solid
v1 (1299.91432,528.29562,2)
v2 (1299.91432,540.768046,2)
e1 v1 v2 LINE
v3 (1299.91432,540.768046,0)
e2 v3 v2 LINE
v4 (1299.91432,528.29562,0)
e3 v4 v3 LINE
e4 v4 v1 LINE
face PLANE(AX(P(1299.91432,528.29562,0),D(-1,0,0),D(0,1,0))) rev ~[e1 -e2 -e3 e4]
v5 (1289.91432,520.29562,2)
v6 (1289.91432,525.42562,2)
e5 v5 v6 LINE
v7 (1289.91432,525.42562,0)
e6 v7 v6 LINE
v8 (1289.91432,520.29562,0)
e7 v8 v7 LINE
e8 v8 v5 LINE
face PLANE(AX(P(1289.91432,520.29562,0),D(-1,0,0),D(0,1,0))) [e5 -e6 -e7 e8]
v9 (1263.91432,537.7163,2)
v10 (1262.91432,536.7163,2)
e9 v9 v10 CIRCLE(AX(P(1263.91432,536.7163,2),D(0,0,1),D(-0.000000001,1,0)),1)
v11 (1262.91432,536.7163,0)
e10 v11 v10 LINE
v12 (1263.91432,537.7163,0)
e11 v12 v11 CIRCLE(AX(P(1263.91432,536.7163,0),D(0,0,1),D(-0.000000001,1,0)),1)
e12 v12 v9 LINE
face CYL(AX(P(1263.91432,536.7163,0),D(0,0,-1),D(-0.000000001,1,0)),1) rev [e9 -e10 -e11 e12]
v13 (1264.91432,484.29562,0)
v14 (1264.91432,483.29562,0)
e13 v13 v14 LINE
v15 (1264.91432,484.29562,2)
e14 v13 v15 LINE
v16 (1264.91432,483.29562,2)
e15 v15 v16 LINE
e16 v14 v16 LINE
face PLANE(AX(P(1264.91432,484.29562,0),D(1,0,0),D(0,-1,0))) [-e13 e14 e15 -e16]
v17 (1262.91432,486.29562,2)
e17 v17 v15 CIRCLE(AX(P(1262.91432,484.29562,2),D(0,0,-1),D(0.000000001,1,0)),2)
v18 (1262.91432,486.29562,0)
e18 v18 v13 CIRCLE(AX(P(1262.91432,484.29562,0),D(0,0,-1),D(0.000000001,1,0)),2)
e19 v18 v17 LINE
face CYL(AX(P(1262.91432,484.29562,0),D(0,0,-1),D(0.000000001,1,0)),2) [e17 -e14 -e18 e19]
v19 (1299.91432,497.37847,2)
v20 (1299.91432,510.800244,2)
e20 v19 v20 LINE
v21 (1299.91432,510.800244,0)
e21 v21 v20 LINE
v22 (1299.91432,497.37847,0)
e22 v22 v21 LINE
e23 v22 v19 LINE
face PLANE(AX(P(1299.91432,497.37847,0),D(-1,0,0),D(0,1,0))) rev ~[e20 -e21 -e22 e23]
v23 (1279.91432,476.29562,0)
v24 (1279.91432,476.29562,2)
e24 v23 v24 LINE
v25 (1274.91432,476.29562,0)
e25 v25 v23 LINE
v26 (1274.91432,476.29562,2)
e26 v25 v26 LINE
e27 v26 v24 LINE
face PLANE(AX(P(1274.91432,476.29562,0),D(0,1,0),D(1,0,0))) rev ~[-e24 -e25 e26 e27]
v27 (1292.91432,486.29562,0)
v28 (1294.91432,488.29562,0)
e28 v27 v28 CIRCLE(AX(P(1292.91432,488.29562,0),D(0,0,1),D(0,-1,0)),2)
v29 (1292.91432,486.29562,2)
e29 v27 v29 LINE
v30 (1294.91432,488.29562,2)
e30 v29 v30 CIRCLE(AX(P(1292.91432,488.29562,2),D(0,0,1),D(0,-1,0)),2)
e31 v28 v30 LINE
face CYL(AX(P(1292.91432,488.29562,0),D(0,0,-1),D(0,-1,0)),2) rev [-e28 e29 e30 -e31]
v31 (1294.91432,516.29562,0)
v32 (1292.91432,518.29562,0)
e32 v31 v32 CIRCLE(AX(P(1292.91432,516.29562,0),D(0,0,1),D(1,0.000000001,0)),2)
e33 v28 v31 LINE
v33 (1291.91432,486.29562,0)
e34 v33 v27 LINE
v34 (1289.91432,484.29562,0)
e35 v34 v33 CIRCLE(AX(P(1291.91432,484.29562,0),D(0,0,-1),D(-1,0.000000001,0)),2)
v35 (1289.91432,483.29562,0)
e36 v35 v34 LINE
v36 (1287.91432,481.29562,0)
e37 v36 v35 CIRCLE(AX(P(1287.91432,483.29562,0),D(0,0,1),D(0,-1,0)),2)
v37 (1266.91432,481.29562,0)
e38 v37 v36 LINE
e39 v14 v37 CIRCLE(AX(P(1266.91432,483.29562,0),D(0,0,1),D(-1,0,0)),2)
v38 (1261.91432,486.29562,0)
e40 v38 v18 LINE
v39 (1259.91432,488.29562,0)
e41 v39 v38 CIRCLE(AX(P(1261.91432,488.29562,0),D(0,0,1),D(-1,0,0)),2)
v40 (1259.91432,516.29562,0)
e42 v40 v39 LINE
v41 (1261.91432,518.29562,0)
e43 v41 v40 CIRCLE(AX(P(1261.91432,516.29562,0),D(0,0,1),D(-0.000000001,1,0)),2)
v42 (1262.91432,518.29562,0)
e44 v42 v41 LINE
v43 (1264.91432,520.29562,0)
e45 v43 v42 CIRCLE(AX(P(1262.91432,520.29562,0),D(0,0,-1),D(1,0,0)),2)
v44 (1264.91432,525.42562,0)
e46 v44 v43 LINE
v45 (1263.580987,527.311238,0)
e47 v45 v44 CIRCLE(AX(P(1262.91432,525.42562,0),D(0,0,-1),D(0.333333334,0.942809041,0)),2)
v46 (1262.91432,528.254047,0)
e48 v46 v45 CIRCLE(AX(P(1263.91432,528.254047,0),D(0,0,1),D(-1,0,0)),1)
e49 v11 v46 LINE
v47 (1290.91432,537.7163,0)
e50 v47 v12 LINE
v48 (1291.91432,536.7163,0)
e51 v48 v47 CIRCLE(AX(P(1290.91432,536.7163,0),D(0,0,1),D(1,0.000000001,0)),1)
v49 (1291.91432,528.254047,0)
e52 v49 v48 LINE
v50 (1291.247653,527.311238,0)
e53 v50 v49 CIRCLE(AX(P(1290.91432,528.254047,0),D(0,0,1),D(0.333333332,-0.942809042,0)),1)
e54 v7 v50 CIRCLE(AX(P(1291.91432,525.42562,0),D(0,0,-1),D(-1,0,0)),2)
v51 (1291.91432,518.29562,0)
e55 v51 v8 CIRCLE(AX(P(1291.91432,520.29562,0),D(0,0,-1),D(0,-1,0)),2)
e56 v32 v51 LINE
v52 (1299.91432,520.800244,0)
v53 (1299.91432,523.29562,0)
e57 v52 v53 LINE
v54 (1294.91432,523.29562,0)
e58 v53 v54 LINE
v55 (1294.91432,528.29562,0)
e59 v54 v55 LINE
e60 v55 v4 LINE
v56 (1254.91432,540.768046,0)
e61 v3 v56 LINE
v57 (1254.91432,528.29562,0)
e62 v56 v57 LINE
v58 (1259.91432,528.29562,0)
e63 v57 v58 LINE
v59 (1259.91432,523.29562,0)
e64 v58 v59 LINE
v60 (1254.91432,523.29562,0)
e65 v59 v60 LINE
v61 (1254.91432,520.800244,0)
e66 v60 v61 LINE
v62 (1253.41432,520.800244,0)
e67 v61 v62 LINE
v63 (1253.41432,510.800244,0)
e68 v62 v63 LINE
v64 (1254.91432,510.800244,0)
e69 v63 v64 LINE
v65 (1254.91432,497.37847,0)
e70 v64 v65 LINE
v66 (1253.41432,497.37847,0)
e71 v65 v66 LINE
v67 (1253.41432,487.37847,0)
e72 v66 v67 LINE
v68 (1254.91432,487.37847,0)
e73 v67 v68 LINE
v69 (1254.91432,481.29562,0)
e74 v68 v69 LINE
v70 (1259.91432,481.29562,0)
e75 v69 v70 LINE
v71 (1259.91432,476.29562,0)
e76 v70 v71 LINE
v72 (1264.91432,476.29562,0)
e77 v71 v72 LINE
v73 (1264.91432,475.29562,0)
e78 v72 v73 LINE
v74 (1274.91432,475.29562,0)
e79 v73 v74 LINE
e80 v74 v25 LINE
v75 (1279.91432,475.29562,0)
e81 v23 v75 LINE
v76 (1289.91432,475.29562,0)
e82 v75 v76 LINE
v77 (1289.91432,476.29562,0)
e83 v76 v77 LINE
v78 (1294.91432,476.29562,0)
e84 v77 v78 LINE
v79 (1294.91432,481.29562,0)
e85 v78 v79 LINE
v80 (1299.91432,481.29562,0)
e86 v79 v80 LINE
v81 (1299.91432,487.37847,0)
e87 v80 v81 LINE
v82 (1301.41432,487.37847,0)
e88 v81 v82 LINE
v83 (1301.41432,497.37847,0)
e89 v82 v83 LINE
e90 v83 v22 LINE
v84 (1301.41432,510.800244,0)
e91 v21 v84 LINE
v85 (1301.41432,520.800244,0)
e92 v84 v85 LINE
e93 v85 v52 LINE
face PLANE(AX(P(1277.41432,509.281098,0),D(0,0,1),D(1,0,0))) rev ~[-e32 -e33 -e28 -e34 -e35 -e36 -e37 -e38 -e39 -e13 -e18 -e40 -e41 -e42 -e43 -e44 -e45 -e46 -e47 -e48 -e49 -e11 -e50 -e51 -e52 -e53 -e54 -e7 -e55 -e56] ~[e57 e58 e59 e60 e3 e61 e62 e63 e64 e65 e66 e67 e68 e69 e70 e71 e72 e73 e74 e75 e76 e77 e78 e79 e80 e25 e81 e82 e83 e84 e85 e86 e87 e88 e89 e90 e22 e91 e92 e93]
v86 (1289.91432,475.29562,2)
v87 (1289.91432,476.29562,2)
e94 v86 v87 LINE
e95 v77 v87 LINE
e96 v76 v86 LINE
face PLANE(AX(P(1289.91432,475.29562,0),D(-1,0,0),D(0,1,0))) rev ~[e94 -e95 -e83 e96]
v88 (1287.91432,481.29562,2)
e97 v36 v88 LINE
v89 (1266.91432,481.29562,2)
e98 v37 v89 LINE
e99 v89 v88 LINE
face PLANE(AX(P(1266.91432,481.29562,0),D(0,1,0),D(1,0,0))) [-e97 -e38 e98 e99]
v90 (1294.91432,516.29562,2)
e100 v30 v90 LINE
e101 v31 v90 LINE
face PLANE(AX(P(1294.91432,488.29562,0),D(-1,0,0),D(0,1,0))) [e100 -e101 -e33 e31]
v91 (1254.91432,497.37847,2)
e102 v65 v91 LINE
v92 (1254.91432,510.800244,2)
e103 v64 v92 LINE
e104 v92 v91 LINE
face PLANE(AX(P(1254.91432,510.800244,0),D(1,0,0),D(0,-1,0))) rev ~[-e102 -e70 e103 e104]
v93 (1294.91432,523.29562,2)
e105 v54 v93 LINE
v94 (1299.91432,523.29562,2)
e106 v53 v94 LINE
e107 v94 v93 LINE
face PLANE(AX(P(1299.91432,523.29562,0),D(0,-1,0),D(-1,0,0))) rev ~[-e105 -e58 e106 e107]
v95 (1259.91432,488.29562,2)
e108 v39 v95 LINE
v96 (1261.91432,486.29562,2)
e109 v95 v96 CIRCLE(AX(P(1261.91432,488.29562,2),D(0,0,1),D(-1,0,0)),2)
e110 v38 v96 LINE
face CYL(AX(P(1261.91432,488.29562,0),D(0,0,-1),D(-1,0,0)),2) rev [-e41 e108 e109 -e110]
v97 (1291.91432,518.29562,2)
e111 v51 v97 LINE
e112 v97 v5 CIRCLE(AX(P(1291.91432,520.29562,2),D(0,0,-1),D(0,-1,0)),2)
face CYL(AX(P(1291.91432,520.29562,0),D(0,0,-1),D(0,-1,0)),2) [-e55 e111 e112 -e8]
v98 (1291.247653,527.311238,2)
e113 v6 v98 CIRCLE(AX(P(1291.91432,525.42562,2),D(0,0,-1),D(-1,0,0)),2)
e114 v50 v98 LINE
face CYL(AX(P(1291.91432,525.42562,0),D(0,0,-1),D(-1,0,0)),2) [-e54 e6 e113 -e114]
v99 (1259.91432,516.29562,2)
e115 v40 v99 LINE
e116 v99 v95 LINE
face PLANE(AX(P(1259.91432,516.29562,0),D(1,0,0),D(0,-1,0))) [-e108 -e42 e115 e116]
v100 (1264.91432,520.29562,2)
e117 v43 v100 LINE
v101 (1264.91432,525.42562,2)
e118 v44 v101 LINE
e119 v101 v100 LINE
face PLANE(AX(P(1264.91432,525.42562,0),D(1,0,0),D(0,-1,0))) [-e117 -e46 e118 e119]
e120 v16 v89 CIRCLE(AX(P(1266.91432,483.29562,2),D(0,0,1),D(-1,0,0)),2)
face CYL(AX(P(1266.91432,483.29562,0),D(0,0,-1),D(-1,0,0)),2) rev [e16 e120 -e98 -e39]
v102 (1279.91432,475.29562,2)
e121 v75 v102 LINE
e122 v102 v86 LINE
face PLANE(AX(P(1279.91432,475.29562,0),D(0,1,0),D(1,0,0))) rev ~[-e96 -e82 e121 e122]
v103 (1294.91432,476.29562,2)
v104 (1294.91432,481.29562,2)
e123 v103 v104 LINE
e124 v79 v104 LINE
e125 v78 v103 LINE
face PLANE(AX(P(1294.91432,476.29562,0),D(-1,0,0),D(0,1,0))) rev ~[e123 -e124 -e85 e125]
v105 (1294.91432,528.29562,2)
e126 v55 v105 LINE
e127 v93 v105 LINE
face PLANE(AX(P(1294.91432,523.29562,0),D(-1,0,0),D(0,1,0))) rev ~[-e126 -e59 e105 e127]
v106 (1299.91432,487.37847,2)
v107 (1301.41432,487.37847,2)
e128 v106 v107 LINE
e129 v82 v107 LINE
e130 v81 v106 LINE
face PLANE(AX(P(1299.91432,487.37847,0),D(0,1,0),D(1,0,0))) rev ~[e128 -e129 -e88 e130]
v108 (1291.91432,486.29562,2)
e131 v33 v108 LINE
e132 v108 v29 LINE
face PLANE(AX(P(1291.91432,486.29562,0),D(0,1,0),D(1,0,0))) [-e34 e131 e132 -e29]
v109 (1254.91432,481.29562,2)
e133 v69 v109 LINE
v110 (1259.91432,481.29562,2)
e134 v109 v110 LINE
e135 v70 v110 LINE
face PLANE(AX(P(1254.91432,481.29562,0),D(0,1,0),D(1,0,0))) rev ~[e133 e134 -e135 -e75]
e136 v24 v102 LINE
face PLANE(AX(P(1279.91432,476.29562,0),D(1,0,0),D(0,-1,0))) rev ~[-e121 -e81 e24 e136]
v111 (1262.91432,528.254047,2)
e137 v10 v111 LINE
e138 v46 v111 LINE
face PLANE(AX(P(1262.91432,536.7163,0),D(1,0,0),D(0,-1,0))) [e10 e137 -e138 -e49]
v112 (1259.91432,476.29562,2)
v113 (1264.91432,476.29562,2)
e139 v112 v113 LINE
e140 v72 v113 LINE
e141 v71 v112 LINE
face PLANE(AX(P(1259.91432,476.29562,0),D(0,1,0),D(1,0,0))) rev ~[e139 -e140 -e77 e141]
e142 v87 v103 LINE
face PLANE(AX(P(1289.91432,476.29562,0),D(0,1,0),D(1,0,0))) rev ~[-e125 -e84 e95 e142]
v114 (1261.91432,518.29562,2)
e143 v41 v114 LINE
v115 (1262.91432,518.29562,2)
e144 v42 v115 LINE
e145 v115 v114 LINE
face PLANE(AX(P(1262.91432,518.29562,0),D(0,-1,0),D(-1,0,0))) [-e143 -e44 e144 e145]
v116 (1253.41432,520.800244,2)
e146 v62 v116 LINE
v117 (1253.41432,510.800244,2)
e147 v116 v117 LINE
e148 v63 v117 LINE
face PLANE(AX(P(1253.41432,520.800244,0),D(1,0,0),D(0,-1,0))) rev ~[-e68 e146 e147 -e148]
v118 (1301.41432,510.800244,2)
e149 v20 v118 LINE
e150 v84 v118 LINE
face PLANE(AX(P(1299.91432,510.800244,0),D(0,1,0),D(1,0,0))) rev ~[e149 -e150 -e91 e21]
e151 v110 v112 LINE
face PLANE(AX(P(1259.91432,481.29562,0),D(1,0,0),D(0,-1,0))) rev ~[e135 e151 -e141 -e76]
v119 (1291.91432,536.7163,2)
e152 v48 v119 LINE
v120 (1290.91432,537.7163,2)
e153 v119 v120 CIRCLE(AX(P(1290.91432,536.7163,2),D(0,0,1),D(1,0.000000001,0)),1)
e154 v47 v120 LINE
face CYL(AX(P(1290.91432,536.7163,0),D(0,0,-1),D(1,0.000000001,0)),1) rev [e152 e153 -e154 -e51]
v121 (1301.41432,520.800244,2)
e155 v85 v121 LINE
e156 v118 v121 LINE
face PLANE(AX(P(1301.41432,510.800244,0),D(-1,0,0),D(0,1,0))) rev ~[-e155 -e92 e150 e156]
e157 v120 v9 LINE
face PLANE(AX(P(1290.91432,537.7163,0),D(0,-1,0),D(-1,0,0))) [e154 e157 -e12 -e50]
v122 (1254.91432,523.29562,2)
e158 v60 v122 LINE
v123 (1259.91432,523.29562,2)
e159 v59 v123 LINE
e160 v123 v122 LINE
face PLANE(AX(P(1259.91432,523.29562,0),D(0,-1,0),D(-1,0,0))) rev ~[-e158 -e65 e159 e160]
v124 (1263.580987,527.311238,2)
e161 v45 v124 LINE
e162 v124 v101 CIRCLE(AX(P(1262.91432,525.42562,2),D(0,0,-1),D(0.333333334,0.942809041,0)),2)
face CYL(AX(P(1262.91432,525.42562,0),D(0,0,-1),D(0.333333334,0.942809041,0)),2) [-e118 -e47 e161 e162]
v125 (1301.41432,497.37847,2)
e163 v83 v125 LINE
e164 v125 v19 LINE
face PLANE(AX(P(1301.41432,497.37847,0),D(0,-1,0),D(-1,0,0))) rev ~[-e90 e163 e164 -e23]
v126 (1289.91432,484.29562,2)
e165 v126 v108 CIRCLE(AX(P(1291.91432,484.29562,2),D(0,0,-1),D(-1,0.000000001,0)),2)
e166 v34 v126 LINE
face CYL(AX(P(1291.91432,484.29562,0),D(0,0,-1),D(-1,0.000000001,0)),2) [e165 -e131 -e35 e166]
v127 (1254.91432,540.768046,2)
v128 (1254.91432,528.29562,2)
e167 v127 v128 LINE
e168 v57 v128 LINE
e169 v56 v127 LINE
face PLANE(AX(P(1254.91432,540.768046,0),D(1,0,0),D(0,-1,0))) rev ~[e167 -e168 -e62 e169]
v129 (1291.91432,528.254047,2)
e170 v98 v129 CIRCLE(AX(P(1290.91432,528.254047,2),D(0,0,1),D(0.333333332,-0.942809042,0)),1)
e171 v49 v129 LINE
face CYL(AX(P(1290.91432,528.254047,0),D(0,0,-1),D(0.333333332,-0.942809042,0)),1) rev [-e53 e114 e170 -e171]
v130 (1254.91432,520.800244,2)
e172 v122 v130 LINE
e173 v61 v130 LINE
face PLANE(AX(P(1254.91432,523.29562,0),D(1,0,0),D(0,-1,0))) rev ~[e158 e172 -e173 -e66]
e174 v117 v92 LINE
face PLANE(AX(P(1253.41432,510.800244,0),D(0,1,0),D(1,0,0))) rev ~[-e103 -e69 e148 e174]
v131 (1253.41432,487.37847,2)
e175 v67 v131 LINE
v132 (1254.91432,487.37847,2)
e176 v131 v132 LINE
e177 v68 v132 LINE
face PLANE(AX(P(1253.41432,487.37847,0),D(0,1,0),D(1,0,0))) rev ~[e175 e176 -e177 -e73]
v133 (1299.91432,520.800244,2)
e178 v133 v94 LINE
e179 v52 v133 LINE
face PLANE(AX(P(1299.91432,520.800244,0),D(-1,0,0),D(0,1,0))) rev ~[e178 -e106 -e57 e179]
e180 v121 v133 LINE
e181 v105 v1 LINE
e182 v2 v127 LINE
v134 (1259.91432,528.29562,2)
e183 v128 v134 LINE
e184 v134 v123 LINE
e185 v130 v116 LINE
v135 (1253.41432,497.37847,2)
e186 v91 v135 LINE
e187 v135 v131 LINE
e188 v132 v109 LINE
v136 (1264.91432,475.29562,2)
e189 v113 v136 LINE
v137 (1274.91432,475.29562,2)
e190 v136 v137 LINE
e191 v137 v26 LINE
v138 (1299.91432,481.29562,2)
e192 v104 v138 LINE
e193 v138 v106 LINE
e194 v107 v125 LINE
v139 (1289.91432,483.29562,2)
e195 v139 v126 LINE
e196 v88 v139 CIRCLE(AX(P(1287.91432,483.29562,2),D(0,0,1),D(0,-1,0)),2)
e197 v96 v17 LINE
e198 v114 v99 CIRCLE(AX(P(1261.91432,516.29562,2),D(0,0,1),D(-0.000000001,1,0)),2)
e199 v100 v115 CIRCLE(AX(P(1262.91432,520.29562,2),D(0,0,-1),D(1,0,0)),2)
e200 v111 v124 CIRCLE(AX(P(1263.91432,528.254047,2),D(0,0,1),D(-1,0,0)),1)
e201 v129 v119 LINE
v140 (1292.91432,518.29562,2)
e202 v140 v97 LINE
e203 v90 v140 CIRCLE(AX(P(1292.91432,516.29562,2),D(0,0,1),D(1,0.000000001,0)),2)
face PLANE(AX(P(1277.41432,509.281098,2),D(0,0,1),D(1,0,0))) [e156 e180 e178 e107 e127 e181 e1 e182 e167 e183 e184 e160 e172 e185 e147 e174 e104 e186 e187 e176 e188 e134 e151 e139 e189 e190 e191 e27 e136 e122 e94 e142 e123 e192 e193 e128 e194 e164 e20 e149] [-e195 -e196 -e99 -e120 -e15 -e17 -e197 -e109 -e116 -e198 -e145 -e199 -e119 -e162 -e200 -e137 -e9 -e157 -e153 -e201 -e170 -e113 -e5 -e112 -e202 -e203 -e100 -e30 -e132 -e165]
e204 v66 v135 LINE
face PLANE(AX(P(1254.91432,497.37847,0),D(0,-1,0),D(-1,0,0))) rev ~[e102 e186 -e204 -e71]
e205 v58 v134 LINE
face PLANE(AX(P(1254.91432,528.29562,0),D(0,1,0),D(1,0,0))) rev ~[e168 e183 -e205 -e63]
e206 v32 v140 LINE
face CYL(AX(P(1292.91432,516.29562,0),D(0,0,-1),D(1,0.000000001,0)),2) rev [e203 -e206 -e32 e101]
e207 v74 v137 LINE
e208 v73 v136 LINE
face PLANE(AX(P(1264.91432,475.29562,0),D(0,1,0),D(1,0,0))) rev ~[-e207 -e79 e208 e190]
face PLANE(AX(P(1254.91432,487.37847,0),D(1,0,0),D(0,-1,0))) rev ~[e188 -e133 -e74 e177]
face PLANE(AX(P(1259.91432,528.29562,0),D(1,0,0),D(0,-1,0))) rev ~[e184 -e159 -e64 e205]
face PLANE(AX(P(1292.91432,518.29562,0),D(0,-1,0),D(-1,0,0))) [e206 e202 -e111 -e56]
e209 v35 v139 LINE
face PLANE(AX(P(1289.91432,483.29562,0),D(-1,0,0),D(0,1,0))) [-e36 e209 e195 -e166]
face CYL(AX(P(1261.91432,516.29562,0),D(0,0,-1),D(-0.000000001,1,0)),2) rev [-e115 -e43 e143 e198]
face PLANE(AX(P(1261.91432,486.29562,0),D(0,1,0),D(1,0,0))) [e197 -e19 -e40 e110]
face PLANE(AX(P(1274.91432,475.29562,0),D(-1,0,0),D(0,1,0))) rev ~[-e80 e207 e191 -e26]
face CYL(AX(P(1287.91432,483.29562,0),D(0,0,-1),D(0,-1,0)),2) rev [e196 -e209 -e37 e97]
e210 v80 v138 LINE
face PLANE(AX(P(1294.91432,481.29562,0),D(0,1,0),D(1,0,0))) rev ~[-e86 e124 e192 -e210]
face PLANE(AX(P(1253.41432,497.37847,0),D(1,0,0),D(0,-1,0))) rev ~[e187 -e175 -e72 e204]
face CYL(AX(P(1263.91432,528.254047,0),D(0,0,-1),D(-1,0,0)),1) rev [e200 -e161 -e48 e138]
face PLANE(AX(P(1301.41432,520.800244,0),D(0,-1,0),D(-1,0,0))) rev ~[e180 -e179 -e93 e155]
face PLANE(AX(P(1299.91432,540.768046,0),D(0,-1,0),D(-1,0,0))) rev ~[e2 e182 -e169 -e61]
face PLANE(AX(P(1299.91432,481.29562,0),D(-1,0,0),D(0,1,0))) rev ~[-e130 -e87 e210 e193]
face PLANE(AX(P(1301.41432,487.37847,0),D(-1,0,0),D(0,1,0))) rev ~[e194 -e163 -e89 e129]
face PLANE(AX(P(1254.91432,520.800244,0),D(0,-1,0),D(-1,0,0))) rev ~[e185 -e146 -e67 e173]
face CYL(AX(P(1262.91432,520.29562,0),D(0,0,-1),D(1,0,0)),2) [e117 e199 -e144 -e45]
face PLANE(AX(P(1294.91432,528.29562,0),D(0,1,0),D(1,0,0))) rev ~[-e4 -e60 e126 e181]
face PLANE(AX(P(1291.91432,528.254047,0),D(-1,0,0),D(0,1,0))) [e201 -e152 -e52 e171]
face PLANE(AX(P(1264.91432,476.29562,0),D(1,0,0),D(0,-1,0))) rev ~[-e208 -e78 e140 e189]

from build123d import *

# Parameters (mm, degrees)
EXTRUDE_1_DEPTH = 2


with BuildPart() as part:
    # Model → 凸台-拉伸1 (new body)
    with BuildSketch(Plane.XY):
        Polygon((1254.914320118, 540.768046392), (1254.914320118, 528.295619897), (1259.914320118, 528.295619897), (1259.914320118, 523.295619897), (1254.914320118, 523.295619897), (1254.914320118, 520.800244347), (1253.414320118, 520.800244347), (1253.414320118, 510.800244347), (1254.914320118, 510.800244347), (1254.914320118, 497.378469897), (1253.414320118, 497.378469897), (1253.414320118, 487.378469897), (1254.914320118, 487.378469897), (1254.914320118, 481.295619897), (1259.914320118, 481.295619897), (1259.914320118, 476.295619897), (1264.914320118, 476.295619897), (1264.914320118, 475.295619897), (1274.914320118, 475.295619897), (1274.914320118, 476.295619897), (1279.914320118, 476.295619897), (1279.914320118, 475.295619897), (1289.914320118, 475.295619897), (1289.914320118, 476.295619897), (1294.914320118, 476.295619897), (1294.914320118, 481.295619897), (1299.914320118, 481.295619897), (1299.914320118, 487.378469897), (1301.414320118, 487.378469897), (1301.414320118, 497.378469897), (1299.914320118, 497.378469897), (1299.914320118, 510.800244347), (1301.414320118, 510.800244347), (1301.414320118, 520.800244347), (1299.914320118, 520.800244347), (1299.914320118, 523.295619897), (1294.914320118, 523.295619897), (1294.914320118, 528.295619897), (1299.914320118, 528.295619897), (1299.914320118, 540.768046392), align=None)
        with BuildLine():
            Line((1264.914320118, 525.425619897), (1264.914320118, 520.295619897))
            ThreePointArc((1264.914320118, 520.295619897), (1264.32853368, 518.881406334), (1262.914320118, 518.295619897))
            Line((1262.914320118, 518.295619897), (1261.914320118, 518.295619897))
            ThreePointArc((1261.914320118, 518.295619897), (1260.500106556, 517.709833459), (1259.914320118, 516.295619897))
            Line((1259.914320118, 516.295619897), (1259.914320118, 488.295619897))
            ThreePointArc((1259.914320118, 488.295619897), (1260.500106556, 486.881406334), (1261.914320118, 486.295619897))
            Line((1261.914320118, 486.295619897), (1262.914320118, 486.295619897))
            ThreePointArc((1262.914320118, 486.295619897), (1264.32853368, 485.709833459), (1264.914320118, 484.295619897))
            Line((1264.914320118, 484.295619897), (1264.914320118, 483.295619897))
            ThreePointArc((1264.914320118, 483.295619897), (1265.500106556, 481.881406334), (1266.914320118, 481.295619897))
            Line((1266.914320118, 481.295619897), (1287.914320118, 481.295619897))
            ThreePointArc((1287.914320118, 481.295619897), (1289.32853368, 481.881406334), (1289.914320118, 483.295619897))
            Line((1289.914320118, 483.295619897), (1289.914320118, 484.295619897))
            ThreePointArc((1289.914320118, 484.295619897), (1290.500106556, 485.709833459), (1291.914320118, 486.295619897))
            Line((1291.914320118, 486.295619897), (1292.914320118, 486.295619897))
            ThreePointArc((1292.914320118, 486.295619897), (1294.32853368, 486.881406334), (1294.914320118, 488.295619897))
            Line((1294.914320118, 488.295619897), (1294.914320118, 516.295619897))
            ThreePointArc((1294.914320118, 516.295619897), (1294.32853368, 517.709833459), (1292.914320118, 518.295619897))
            Line((1292.914320118, 518.295619897), (1291.914320118, 518.295619897))
            ThreePointArc((1291.914320118, 518.295619897), (1290.500106556, 518.881406334), (1289.914320118, 520.295619897))
            Line((1289.914320118, 520.295619897), (1289.914320118, 525.425619897))
            ThreePointArc((1289.914320118, 525.425619897), (1290.281326956, 526.580320435), (1291.247653451, 527.31123798))
            ThreePointArc((1291.247653451, 527.31123798), (1291.730816699, 527.676696752), (1291.914320118, 528.254047021))
            Line((1291.914320118, 528.254047021), (1291.914320118, 536.716299759))
            ThreePointArc((1291.914320118, 536.716299759), (1291.621426899, 537.42340654), (1290.914320118, 537.716299759))
            Line((1290.914320118, 537.716299759), (1263.914320118, 537.716299759))
            ThreePointArc((1263.914320118, 537.716299759), (1263.207213337, 537.42340654), (1262.914320118, 536.716299759))
            Line((1262.914320118, 536.716299759), (1262.914320118, 528.254047021))
            ThreePointArc((1262.914320118, 528.254047021), (1263.097823537, 527.676696752), (1263.580986785, 527.31123798))
            ThreePointArc((1263.580986785, 527.31123798), (1264.54731328, 526.580320435), (1264.914320118, 525.425619897))
        make_face(mode=Mode.SUBTRACT)
    extrude(amount=EXTRUDE_1_DEPTH)


solid = part.part
